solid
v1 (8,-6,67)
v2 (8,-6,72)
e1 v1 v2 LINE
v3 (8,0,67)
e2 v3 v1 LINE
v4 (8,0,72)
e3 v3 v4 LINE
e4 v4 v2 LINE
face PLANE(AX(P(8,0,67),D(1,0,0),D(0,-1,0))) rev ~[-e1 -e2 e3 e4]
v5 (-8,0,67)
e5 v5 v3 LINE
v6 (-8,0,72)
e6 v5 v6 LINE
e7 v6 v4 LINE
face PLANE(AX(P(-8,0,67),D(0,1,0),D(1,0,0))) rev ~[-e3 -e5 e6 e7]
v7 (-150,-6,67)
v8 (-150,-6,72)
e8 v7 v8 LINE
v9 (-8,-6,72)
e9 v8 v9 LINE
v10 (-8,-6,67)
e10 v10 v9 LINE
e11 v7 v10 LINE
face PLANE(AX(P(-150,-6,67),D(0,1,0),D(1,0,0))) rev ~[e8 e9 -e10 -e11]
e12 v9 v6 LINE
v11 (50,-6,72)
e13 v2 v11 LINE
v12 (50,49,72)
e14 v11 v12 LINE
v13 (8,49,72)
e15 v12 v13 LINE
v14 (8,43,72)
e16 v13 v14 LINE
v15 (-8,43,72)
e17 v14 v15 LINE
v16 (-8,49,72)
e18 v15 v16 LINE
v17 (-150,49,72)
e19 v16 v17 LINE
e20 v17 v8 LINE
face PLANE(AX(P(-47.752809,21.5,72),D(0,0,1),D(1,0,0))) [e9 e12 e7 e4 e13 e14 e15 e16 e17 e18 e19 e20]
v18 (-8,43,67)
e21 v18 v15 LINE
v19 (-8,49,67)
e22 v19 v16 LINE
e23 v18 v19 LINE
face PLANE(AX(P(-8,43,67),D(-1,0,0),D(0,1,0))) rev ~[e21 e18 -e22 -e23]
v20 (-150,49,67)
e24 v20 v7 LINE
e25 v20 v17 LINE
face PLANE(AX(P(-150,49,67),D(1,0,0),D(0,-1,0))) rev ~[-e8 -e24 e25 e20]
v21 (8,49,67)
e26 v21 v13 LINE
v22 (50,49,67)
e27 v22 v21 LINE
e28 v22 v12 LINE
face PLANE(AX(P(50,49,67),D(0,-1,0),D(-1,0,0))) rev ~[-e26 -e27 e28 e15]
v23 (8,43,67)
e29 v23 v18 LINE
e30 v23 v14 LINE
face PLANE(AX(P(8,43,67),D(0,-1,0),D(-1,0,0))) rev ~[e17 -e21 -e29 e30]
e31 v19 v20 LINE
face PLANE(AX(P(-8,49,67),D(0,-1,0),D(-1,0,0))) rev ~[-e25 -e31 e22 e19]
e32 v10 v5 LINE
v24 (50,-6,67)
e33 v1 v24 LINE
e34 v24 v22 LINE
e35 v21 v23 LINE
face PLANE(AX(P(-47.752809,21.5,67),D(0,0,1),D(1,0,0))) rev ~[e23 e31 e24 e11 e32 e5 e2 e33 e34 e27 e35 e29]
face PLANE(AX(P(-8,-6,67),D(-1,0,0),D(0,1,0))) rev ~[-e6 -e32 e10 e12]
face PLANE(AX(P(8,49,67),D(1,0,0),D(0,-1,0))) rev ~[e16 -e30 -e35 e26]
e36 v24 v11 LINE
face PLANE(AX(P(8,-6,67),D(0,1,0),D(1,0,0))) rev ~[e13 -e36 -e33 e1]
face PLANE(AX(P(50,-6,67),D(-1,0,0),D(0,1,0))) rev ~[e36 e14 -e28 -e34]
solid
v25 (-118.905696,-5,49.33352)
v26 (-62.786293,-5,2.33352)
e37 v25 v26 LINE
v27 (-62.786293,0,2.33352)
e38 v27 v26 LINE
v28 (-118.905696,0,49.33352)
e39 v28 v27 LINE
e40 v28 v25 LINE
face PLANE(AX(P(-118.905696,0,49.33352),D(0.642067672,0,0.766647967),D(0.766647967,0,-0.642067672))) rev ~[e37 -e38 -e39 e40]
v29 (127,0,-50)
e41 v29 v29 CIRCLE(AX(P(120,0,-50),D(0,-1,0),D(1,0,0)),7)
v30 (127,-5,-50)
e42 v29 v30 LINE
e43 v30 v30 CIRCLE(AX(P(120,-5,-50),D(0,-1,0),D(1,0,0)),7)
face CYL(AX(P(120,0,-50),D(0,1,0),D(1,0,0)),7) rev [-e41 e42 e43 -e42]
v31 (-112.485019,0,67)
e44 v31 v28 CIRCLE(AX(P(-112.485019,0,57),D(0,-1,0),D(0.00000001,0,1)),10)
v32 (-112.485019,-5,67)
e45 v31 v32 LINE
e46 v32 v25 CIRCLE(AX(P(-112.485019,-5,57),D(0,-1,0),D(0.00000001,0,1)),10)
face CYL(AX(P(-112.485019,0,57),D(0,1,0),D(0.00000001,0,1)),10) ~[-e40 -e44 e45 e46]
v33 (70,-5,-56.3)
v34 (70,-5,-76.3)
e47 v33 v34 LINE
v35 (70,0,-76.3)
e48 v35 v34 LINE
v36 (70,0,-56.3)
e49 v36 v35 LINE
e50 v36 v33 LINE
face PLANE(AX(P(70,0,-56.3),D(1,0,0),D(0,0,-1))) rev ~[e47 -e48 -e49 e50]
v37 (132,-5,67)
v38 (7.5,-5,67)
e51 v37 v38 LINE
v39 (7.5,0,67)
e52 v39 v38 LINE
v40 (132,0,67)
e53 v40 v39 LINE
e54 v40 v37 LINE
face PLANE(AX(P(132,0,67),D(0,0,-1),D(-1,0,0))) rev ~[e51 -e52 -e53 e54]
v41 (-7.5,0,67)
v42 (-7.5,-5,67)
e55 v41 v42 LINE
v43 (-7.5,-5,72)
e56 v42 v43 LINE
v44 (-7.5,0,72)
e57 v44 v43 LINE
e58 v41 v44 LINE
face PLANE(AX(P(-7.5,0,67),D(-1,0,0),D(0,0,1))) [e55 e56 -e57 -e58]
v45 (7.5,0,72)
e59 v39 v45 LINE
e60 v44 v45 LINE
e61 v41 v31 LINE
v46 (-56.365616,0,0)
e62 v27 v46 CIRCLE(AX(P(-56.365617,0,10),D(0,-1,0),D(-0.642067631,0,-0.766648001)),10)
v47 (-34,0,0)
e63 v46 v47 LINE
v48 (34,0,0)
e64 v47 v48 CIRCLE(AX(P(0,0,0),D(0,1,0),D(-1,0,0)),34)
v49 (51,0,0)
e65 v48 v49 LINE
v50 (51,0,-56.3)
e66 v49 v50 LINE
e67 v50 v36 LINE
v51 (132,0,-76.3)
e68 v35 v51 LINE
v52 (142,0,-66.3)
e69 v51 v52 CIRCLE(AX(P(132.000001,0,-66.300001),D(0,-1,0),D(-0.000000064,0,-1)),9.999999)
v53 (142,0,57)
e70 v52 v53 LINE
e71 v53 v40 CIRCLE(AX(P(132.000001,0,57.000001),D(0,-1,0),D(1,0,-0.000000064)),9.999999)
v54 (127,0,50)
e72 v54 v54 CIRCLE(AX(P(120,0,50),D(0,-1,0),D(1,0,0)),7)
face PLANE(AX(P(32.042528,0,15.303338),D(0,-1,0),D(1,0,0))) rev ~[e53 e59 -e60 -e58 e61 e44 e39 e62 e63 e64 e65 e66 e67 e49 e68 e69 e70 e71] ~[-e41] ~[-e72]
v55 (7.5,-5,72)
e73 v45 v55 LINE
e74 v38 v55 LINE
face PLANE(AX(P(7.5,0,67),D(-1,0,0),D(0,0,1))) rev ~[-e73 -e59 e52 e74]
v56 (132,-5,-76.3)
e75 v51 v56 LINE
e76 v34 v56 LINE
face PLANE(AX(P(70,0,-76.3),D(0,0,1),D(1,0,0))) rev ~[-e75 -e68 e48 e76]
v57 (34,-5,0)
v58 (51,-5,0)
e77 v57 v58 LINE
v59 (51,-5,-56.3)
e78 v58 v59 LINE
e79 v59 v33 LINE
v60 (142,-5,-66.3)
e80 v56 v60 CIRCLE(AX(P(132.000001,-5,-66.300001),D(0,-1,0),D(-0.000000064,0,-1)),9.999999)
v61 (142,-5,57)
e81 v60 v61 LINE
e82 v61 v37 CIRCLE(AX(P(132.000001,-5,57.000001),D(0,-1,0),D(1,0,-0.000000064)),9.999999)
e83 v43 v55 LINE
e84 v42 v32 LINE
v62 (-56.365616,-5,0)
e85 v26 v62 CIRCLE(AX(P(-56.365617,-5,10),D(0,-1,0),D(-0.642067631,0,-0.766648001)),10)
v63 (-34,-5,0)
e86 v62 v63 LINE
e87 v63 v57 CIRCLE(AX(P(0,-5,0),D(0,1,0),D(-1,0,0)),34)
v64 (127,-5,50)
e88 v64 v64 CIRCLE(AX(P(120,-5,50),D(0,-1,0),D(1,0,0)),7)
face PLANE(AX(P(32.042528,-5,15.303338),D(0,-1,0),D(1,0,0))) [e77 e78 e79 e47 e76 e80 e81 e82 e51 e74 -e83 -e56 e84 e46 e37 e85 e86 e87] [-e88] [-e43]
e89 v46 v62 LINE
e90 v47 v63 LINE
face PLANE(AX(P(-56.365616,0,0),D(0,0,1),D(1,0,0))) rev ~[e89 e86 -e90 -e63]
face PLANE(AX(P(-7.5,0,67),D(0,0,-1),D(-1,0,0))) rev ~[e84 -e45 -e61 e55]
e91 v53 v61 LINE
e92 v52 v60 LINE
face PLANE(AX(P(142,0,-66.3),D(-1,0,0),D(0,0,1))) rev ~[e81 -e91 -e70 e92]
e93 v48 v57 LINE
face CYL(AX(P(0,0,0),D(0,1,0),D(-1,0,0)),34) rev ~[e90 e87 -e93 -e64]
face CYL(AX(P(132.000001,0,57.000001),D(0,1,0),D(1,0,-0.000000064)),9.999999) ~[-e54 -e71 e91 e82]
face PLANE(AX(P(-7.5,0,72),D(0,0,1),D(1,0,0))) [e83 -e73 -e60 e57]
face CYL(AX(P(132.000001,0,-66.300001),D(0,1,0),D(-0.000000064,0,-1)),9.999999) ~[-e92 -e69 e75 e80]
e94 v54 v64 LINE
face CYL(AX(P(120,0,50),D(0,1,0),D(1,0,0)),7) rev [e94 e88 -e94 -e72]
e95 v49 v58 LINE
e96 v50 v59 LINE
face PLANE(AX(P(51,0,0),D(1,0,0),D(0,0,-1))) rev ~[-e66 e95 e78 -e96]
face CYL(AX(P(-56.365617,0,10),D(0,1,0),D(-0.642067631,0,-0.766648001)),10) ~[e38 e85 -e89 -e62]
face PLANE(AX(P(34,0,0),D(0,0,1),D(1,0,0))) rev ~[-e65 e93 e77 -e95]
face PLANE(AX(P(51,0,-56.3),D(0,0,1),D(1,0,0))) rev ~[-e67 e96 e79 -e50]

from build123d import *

# Parameters (mm, degrees)
F0_R     = 7
F0_W     = 15
F0_H     = 5
F1_DEPTH = 5
F3_DEPTH = 5


with BuildPart() as f1:
    # F0 (on Front) → F1 (new body)
    with BuildSketch(Plane.XZ):
        with BuildLine():
            Line((-7.5, 67), (-112.485019, 67))
            ThreePointArc((-112.485019, 67), (-121.883551, 60.415787), (-118.905696, 49.33352))
            Line((-118.905696, 49.33352), (-62.786293, 2.33352))
            ThreePointArc((-62.786293, 2.33352), (-59.781403, 0.601468), (-56.365616, 0))
            Line((-56.365616, 0), (-34, 0))
            ThreePointArc((-34, 0), (0, 34), (34, 0))
            Line((34, 0), (51, 0))
            Line((51, 0), (51, -56.3))
            Line((51, -56.3), (70, -56.3))
            Line((70, -56.3), (70, -76.3))
            Line((70, -76.3), (132, -76.3))
            ThreePointArc((132, -76.3), (139.071068, -73.371068), (142, -66.3))
            Line((142, -66.3), (142, 57))
            ThreePointArc((142, 57), (139.071068, 64.071068), (132, 67))
            Line((132, 67), (7.5, 67))
            Line((7.5, 67), (-7.5, 67))
        make_face()
        with Locations((120, -50)):
            Circle(F0_R, mode=Mode.SUBTRACT)
        with Locations((120, 50)):
            Circle(F0_R, mode=Mode.SUBTRACT)
        with Locations((0, 69.5)):
            Rectangle(F0_W, F0_H)
    extrude(amount=F1_DEPTH)


with BuildPart() as f3:
    # F2 (on face) → F3 (new body)
    with BuildSketch(Plane.XY.offset(67)):
        Polygon((8, -6), (50, -6), (50, 49), (8, 49), (8, 43), (-8, 43), (-8, 49), (-150, 49), (-150, -6), (-8, -6), (-8, 0), (8, 0), align=None)
    extrude(amount=F3_DEPTH)


solid = Compound([f1.part, f3.part])
